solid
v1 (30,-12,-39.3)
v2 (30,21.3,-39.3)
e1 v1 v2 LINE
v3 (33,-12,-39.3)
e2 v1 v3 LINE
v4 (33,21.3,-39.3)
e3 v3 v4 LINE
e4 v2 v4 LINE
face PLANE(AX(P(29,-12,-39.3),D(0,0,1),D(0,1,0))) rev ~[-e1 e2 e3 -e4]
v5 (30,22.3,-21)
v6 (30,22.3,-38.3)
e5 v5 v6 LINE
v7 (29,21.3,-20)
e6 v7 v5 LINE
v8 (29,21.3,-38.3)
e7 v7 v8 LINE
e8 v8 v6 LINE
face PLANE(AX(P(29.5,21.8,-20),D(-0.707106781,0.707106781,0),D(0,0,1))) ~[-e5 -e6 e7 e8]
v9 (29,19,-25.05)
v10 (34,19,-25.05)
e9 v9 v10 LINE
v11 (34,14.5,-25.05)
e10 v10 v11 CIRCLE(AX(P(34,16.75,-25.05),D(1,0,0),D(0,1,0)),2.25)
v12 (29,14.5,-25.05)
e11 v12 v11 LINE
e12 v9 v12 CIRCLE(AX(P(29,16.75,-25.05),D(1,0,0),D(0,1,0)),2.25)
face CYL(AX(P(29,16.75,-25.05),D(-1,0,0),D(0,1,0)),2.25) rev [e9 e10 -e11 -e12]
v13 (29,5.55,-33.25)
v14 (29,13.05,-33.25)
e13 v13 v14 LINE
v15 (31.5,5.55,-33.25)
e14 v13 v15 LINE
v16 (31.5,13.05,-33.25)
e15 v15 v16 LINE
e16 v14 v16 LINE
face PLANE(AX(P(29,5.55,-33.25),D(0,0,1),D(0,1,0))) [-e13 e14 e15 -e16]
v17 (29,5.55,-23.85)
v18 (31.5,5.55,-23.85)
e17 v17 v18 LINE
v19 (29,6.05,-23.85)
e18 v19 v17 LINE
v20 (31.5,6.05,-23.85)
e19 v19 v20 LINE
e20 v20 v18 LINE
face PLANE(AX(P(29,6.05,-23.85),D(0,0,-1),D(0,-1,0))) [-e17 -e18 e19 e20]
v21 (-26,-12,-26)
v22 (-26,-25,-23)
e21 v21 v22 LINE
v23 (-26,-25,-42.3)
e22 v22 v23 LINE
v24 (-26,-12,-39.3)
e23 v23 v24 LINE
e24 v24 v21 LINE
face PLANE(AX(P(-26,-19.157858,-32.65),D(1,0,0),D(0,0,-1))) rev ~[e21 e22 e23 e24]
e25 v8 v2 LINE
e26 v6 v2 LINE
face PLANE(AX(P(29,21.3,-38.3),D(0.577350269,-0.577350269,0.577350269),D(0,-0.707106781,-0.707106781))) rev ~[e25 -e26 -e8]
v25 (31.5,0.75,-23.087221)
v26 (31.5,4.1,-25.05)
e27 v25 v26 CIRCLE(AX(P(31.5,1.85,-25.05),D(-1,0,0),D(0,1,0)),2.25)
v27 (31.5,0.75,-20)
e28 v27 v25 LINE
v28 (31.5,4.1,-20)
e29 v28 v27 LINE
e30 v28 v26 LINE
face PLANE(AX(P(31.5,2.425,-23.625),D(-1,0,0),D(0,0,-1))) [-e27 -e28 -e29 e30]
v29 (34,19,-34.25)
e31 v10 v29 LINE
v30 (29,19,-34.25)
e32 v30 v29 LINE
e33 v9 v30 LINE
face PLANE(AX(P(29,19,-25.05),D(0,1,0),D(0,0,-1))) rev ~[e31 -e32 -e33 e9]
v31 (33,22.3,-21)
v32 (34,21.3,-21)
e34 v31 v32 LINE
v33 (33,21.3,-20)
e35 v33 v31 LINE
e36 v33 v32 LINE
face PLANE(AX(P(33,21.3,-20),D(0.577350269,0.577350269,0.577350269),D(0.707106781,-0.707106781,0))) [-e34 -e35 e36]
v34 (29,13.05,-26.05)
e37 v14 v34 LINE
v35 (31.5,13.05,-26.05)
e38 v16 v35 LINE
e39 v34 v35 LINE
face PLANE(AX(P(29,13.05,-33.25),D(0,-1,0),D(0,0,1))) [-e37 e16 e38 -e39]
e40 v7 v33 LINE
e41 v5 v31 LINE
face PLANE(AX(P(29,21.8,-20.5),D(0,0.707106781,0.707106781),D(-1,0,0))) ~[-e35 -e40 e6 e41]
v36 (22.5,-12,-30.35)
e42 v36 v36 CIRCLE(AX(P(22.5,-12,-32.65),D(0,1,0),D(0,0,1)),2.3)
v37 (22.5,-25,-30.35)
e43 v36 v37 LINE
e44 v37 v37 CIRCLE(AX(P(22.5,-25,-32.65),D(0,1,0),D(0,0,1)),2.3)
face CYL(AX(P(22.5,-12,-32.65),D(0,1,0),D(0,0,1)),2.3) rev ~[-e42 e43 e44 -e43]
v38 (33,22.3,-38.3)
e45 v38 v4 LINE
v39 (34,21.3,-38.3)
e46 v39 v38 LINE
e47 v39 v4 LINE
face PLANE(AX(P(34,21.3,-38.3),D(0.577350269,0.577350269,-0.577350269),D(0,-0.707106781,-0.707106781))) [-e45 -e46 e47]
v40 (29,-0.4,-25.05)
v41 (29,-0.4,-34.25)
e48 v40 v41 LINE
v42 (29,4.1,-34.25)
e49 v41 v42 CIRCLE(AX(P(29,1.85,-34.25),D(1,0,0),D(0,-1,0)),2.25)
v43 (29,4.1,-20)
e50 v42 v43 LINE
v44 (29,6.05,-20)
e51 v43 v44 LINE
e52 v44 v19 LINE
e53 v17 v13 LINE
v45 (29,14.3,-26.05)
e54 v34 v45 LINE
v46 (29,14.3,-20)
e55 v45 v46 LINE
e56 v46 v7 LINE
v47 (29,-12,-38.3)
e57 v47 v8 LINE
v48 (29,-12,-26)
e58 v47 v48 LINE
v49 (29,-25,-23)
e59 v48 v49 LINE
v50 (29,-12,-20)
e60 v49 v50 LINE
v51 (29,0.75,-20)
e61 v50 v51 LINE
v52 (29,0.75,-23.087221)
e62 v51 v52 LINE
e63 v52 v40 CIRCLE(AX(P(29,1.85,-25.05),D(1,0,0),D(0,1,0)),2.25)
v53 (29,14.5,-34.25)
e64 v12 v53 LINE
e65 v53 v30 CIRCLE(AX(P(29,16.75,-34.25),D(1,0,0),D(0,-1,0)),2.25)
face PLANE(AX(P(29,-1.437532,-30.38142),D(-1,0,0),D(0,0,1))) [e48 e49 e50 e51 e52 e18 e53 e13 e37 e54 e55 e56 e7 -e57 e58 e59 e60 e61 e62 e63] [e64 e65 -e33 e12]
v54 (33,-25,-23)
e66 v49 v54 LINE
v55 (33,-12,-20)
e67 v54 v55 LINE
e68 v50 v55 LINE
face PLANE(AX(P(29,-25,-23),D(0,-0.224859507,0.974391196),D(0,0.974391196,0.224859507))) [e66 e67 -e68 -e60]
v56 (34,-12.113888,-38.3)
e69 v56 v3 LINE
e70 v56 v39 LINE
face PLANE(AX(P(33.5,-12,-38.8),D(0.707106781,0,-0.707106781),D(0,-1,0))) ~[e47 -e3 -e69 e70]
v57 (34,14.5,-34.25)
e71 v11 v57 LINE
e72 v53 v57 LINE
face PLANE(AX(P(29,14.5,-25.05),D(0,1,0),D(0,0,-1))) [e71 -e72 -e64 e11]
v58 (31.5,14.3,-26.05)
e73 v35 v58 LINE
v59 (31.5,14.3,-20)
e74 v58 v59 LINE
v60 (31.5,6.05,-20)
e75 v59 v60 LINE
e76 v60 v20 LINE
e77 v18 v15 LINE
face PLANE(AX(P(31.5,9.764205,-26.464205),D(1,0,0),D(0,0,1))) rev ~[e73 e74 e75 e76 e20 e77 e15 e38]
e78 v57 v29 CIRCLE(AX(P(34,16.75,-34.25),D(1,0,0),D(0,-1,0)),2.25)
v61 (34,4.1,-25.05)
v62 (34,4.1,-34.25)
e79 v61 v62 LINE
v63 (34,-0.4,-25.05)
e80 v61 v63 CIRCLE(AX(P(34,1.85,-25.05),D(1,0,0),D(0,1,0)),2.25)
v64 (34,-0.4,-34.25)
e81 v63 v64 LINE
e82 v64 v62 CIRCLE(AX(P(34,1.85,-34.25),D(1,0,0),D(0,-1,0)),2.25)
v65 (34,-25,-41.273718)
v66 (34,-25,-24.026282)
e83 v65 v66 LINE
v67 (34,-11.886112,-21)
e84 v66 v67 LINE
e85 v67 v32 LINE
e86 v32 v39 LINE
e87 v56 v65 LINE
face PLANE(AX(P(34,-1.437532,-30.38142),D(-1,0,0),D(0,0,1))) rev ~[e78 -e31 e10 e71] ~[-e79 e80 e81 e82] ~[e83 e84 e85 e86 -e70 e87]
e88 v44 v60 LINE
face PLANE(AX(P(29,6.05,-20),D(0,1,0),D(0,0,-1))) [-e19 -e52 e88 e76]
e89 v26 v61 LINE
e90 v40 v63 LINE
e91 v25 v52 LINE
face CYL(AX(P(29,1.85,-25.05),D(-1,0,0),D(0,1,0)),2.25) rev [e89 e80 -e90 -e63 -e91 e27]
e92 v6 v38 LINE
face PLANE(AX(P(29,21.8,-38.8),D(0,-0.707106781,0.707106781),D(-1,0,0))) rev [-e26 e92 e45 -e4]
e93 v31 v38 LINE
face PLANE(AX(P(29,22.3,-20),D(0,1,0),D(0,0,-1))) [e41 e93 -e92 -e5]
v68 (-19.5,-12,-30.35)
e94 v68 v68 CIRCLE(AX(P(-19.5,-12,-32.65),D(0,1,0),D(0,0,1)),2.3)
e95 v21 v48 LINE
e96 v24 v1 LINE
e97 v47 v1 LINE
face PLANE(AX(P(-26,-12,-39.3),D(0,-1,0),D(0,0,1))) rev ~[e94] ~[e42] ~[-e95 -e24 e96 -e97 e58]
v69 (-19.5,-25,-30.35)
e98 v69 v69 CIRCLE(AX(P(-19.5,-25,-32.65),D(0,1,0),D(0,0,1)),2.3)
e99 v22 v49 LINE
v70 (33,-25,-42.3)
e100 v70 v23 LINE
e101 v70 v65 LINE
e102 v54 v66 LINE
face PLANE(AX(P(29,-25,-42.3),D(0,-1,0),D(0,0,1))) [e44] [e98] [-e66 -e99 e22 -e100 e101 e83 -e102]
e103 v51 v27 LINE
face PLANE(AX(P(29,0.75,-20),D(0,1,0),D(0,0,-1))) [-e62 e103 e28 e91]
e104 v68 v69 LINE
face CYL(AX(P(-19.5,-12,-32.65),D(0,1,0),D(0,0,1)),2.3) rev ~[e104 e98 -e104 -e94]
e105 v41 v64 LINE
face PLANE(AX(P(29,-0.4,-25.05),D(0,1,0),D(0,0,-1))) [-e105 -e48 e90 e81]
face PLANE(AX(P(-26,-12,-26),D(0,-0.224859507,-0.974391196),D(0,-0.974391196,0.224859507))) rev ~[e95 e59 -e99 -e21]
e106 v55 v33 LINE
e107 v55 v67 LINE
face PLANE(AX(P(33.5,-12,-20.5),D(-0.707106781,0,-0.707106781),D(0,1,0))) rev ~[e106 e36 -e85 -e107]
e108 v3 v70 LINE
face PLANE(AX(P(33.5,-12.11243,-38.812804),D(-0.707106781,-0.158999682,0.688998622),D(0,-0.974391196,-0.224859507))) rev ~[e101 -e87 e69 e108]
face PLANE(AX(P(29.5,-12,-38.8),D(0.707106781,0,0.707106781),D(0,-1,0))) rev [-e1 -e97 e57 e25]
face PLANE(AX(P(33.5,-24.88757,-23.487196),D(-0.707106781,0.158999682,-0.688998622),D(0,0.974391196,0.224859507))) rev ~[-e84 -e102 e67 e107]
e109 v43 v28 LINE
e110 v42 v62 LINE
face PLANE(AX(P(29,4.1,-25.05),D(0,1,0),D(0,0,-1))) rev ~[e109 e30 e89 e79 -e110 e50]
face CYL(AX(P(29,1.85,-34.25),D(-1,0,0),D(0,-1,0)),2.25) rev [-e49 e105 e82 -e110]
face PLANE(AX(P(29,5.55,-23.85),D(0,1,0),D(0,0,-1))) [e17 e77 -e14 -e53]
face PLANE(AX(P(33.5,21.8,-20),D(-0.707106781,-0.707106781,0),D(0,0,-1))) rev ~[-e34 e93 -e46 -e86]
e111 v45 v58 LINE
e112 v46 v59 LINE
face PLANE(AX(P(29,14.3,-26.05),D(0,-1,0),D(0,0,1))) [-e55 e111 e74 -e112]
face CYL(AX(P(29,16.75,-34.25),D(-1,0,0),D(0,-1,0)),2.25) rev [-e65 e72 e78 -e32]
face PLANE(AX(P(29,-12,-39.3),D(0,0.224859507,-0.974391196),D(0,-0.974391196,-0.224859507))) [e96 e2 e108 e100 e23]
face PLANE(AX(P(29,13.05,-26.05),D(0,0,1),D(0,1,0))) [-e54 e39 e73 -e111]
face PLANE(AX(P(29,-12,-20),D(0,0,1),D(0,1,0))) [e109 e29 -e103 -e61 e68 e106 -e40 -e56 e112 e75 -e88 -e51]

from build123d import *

# Parameters (mm, degrees)
PAD_DEPTH            = 55
SKETCH001_R          = 2.3
POCKET_DEPTH         = 13.001
PAD013_DEPTH         = 5
SKETCH023_W          = 7.25
SKETCH023_H          = 3.35
POCKET009_DEPTH      = 2.5
CHAMFER005_SIZE      = 1
BODY_PITCH_ANGLE     = 90
BODY_PLACEMENT_ANGLE = 90


with BuildPart() as part:
    # Sketch → Pad (new body)
    with BuildSketch(Plane.XZ):
        Polygon((0, 0), (19.3, 0), (16.3, 13), (3, 13), align=None)
    extrude(amount=PAD_DEPTH)

    # Sketch001 (on Face3 of Pad) → Pocket (cut, through all)
    with BuildSketch(Plane(origin=(0, 0, 13), x_dir=(-1, 0, 0), z_dir=(0, 0, 1))):
        with Locations((-9.65, 6.5)):
            Circle(SKETCH001_R)
        with Locations((-9.65, 48.5)):
            Circle(SKETCH001_R)
    extrude(amount=-POCKET_DEPTH, mode=Mode.SUBTRACT)

    # Sketch022 (on Face4 of Pocket) → Pad013 (join)
    with BuildSketch(Plane.XZ.offset(55)):
        Polygon((16.3, 13), (19.3, 0), (0, 0), (-3, 13), (-3, 47.3), (16.3, 47.3), (16.3, 44.3), (16.3, 24.3), (16.3, 18.3), align=None)
        with BuildLine():
            ThreePointArc((2.05, 44), (-0.2, 41.75), (2.05, 39.5))
            Line((2.05, 39.5), (11.25, 39.5))
            ThreePointArc((11.25, 39.5), (13.5, 41.75), (11.25, 44))
            Line((2.05, 44), (11.25, 44))
        make_face(mode=Mode.SUBTRACT)
        with BuildLine():
            ThreePointArc((2.05, 29.1), (-0.2, 26.85), (2.05, 24.6))
            Line((2.05, 24.6), (11.25, 24.6))
            ThreePointArc((11.25, 24.6), (13.5, 26.85), (11.25, 29.1))
            Line((2.05, 29.1), (11.25, 29.1))
        make_face(mode=Mode.SUBTRACT)
    extrude(amount=PAD013_DEPTH)

    # Sketch023 (on Face6 of Pad013) → Pocket009 (cut)
    with BuildSketch(Plane(origin=(0, -55, 0), x_dir=(1, 0, 0), z_dir=(0, 1, 0))):
        Polygon((10.25, -30.55), (10.25, -38.05), (3.05, -38.05), (3.05, -39.3), (-3, -39.3), (-3, -31.05), (0.85, -31.05), (0.85, -30.55), align=None)
        with Locations((0.625, -27.425)):
            Rectangle(SKETCH023_W, SKETCH023_H)
    extrude(amount=-POCKET009_DEPTH, mode=Mode.SUBTRACT)

    # Chamfer005
    chamfer005_edges = [part.edges().sort_by_distance(p)[0] for p in [
        (16.3, -57.5, 47.3),
        (6.65, -60, 47.3),
        (6.65, -55, 47.3),
        (-3, -57.5, 47.3),
        (-3, -60, 30.15),
        (16.3, -60, 30.15),
        (-1.5, -60, 6.5),
        (17.8, -60, 6.5),
        (16.3, -55, 30.15),
    ]]
    chamfer(chamfer005_edges, length=CHAMFER005_SIZE)


with BuildPart() as part_1:
    # Body pitch: moved
    add(part.part.rotate(Axis((0, 0, 0), (0, 1, 0)), BODY_PITCH_ANGLE))


with BuildPart() as part_2:
    # Body placement: moved
    add(part_1.part.moved(Location((-26, -25, -23))).rotate(Axis((-26, -25, -23), (0, 0, 1)), BODY_PLACEMENT_ANGLE))


solid = part_2.part
